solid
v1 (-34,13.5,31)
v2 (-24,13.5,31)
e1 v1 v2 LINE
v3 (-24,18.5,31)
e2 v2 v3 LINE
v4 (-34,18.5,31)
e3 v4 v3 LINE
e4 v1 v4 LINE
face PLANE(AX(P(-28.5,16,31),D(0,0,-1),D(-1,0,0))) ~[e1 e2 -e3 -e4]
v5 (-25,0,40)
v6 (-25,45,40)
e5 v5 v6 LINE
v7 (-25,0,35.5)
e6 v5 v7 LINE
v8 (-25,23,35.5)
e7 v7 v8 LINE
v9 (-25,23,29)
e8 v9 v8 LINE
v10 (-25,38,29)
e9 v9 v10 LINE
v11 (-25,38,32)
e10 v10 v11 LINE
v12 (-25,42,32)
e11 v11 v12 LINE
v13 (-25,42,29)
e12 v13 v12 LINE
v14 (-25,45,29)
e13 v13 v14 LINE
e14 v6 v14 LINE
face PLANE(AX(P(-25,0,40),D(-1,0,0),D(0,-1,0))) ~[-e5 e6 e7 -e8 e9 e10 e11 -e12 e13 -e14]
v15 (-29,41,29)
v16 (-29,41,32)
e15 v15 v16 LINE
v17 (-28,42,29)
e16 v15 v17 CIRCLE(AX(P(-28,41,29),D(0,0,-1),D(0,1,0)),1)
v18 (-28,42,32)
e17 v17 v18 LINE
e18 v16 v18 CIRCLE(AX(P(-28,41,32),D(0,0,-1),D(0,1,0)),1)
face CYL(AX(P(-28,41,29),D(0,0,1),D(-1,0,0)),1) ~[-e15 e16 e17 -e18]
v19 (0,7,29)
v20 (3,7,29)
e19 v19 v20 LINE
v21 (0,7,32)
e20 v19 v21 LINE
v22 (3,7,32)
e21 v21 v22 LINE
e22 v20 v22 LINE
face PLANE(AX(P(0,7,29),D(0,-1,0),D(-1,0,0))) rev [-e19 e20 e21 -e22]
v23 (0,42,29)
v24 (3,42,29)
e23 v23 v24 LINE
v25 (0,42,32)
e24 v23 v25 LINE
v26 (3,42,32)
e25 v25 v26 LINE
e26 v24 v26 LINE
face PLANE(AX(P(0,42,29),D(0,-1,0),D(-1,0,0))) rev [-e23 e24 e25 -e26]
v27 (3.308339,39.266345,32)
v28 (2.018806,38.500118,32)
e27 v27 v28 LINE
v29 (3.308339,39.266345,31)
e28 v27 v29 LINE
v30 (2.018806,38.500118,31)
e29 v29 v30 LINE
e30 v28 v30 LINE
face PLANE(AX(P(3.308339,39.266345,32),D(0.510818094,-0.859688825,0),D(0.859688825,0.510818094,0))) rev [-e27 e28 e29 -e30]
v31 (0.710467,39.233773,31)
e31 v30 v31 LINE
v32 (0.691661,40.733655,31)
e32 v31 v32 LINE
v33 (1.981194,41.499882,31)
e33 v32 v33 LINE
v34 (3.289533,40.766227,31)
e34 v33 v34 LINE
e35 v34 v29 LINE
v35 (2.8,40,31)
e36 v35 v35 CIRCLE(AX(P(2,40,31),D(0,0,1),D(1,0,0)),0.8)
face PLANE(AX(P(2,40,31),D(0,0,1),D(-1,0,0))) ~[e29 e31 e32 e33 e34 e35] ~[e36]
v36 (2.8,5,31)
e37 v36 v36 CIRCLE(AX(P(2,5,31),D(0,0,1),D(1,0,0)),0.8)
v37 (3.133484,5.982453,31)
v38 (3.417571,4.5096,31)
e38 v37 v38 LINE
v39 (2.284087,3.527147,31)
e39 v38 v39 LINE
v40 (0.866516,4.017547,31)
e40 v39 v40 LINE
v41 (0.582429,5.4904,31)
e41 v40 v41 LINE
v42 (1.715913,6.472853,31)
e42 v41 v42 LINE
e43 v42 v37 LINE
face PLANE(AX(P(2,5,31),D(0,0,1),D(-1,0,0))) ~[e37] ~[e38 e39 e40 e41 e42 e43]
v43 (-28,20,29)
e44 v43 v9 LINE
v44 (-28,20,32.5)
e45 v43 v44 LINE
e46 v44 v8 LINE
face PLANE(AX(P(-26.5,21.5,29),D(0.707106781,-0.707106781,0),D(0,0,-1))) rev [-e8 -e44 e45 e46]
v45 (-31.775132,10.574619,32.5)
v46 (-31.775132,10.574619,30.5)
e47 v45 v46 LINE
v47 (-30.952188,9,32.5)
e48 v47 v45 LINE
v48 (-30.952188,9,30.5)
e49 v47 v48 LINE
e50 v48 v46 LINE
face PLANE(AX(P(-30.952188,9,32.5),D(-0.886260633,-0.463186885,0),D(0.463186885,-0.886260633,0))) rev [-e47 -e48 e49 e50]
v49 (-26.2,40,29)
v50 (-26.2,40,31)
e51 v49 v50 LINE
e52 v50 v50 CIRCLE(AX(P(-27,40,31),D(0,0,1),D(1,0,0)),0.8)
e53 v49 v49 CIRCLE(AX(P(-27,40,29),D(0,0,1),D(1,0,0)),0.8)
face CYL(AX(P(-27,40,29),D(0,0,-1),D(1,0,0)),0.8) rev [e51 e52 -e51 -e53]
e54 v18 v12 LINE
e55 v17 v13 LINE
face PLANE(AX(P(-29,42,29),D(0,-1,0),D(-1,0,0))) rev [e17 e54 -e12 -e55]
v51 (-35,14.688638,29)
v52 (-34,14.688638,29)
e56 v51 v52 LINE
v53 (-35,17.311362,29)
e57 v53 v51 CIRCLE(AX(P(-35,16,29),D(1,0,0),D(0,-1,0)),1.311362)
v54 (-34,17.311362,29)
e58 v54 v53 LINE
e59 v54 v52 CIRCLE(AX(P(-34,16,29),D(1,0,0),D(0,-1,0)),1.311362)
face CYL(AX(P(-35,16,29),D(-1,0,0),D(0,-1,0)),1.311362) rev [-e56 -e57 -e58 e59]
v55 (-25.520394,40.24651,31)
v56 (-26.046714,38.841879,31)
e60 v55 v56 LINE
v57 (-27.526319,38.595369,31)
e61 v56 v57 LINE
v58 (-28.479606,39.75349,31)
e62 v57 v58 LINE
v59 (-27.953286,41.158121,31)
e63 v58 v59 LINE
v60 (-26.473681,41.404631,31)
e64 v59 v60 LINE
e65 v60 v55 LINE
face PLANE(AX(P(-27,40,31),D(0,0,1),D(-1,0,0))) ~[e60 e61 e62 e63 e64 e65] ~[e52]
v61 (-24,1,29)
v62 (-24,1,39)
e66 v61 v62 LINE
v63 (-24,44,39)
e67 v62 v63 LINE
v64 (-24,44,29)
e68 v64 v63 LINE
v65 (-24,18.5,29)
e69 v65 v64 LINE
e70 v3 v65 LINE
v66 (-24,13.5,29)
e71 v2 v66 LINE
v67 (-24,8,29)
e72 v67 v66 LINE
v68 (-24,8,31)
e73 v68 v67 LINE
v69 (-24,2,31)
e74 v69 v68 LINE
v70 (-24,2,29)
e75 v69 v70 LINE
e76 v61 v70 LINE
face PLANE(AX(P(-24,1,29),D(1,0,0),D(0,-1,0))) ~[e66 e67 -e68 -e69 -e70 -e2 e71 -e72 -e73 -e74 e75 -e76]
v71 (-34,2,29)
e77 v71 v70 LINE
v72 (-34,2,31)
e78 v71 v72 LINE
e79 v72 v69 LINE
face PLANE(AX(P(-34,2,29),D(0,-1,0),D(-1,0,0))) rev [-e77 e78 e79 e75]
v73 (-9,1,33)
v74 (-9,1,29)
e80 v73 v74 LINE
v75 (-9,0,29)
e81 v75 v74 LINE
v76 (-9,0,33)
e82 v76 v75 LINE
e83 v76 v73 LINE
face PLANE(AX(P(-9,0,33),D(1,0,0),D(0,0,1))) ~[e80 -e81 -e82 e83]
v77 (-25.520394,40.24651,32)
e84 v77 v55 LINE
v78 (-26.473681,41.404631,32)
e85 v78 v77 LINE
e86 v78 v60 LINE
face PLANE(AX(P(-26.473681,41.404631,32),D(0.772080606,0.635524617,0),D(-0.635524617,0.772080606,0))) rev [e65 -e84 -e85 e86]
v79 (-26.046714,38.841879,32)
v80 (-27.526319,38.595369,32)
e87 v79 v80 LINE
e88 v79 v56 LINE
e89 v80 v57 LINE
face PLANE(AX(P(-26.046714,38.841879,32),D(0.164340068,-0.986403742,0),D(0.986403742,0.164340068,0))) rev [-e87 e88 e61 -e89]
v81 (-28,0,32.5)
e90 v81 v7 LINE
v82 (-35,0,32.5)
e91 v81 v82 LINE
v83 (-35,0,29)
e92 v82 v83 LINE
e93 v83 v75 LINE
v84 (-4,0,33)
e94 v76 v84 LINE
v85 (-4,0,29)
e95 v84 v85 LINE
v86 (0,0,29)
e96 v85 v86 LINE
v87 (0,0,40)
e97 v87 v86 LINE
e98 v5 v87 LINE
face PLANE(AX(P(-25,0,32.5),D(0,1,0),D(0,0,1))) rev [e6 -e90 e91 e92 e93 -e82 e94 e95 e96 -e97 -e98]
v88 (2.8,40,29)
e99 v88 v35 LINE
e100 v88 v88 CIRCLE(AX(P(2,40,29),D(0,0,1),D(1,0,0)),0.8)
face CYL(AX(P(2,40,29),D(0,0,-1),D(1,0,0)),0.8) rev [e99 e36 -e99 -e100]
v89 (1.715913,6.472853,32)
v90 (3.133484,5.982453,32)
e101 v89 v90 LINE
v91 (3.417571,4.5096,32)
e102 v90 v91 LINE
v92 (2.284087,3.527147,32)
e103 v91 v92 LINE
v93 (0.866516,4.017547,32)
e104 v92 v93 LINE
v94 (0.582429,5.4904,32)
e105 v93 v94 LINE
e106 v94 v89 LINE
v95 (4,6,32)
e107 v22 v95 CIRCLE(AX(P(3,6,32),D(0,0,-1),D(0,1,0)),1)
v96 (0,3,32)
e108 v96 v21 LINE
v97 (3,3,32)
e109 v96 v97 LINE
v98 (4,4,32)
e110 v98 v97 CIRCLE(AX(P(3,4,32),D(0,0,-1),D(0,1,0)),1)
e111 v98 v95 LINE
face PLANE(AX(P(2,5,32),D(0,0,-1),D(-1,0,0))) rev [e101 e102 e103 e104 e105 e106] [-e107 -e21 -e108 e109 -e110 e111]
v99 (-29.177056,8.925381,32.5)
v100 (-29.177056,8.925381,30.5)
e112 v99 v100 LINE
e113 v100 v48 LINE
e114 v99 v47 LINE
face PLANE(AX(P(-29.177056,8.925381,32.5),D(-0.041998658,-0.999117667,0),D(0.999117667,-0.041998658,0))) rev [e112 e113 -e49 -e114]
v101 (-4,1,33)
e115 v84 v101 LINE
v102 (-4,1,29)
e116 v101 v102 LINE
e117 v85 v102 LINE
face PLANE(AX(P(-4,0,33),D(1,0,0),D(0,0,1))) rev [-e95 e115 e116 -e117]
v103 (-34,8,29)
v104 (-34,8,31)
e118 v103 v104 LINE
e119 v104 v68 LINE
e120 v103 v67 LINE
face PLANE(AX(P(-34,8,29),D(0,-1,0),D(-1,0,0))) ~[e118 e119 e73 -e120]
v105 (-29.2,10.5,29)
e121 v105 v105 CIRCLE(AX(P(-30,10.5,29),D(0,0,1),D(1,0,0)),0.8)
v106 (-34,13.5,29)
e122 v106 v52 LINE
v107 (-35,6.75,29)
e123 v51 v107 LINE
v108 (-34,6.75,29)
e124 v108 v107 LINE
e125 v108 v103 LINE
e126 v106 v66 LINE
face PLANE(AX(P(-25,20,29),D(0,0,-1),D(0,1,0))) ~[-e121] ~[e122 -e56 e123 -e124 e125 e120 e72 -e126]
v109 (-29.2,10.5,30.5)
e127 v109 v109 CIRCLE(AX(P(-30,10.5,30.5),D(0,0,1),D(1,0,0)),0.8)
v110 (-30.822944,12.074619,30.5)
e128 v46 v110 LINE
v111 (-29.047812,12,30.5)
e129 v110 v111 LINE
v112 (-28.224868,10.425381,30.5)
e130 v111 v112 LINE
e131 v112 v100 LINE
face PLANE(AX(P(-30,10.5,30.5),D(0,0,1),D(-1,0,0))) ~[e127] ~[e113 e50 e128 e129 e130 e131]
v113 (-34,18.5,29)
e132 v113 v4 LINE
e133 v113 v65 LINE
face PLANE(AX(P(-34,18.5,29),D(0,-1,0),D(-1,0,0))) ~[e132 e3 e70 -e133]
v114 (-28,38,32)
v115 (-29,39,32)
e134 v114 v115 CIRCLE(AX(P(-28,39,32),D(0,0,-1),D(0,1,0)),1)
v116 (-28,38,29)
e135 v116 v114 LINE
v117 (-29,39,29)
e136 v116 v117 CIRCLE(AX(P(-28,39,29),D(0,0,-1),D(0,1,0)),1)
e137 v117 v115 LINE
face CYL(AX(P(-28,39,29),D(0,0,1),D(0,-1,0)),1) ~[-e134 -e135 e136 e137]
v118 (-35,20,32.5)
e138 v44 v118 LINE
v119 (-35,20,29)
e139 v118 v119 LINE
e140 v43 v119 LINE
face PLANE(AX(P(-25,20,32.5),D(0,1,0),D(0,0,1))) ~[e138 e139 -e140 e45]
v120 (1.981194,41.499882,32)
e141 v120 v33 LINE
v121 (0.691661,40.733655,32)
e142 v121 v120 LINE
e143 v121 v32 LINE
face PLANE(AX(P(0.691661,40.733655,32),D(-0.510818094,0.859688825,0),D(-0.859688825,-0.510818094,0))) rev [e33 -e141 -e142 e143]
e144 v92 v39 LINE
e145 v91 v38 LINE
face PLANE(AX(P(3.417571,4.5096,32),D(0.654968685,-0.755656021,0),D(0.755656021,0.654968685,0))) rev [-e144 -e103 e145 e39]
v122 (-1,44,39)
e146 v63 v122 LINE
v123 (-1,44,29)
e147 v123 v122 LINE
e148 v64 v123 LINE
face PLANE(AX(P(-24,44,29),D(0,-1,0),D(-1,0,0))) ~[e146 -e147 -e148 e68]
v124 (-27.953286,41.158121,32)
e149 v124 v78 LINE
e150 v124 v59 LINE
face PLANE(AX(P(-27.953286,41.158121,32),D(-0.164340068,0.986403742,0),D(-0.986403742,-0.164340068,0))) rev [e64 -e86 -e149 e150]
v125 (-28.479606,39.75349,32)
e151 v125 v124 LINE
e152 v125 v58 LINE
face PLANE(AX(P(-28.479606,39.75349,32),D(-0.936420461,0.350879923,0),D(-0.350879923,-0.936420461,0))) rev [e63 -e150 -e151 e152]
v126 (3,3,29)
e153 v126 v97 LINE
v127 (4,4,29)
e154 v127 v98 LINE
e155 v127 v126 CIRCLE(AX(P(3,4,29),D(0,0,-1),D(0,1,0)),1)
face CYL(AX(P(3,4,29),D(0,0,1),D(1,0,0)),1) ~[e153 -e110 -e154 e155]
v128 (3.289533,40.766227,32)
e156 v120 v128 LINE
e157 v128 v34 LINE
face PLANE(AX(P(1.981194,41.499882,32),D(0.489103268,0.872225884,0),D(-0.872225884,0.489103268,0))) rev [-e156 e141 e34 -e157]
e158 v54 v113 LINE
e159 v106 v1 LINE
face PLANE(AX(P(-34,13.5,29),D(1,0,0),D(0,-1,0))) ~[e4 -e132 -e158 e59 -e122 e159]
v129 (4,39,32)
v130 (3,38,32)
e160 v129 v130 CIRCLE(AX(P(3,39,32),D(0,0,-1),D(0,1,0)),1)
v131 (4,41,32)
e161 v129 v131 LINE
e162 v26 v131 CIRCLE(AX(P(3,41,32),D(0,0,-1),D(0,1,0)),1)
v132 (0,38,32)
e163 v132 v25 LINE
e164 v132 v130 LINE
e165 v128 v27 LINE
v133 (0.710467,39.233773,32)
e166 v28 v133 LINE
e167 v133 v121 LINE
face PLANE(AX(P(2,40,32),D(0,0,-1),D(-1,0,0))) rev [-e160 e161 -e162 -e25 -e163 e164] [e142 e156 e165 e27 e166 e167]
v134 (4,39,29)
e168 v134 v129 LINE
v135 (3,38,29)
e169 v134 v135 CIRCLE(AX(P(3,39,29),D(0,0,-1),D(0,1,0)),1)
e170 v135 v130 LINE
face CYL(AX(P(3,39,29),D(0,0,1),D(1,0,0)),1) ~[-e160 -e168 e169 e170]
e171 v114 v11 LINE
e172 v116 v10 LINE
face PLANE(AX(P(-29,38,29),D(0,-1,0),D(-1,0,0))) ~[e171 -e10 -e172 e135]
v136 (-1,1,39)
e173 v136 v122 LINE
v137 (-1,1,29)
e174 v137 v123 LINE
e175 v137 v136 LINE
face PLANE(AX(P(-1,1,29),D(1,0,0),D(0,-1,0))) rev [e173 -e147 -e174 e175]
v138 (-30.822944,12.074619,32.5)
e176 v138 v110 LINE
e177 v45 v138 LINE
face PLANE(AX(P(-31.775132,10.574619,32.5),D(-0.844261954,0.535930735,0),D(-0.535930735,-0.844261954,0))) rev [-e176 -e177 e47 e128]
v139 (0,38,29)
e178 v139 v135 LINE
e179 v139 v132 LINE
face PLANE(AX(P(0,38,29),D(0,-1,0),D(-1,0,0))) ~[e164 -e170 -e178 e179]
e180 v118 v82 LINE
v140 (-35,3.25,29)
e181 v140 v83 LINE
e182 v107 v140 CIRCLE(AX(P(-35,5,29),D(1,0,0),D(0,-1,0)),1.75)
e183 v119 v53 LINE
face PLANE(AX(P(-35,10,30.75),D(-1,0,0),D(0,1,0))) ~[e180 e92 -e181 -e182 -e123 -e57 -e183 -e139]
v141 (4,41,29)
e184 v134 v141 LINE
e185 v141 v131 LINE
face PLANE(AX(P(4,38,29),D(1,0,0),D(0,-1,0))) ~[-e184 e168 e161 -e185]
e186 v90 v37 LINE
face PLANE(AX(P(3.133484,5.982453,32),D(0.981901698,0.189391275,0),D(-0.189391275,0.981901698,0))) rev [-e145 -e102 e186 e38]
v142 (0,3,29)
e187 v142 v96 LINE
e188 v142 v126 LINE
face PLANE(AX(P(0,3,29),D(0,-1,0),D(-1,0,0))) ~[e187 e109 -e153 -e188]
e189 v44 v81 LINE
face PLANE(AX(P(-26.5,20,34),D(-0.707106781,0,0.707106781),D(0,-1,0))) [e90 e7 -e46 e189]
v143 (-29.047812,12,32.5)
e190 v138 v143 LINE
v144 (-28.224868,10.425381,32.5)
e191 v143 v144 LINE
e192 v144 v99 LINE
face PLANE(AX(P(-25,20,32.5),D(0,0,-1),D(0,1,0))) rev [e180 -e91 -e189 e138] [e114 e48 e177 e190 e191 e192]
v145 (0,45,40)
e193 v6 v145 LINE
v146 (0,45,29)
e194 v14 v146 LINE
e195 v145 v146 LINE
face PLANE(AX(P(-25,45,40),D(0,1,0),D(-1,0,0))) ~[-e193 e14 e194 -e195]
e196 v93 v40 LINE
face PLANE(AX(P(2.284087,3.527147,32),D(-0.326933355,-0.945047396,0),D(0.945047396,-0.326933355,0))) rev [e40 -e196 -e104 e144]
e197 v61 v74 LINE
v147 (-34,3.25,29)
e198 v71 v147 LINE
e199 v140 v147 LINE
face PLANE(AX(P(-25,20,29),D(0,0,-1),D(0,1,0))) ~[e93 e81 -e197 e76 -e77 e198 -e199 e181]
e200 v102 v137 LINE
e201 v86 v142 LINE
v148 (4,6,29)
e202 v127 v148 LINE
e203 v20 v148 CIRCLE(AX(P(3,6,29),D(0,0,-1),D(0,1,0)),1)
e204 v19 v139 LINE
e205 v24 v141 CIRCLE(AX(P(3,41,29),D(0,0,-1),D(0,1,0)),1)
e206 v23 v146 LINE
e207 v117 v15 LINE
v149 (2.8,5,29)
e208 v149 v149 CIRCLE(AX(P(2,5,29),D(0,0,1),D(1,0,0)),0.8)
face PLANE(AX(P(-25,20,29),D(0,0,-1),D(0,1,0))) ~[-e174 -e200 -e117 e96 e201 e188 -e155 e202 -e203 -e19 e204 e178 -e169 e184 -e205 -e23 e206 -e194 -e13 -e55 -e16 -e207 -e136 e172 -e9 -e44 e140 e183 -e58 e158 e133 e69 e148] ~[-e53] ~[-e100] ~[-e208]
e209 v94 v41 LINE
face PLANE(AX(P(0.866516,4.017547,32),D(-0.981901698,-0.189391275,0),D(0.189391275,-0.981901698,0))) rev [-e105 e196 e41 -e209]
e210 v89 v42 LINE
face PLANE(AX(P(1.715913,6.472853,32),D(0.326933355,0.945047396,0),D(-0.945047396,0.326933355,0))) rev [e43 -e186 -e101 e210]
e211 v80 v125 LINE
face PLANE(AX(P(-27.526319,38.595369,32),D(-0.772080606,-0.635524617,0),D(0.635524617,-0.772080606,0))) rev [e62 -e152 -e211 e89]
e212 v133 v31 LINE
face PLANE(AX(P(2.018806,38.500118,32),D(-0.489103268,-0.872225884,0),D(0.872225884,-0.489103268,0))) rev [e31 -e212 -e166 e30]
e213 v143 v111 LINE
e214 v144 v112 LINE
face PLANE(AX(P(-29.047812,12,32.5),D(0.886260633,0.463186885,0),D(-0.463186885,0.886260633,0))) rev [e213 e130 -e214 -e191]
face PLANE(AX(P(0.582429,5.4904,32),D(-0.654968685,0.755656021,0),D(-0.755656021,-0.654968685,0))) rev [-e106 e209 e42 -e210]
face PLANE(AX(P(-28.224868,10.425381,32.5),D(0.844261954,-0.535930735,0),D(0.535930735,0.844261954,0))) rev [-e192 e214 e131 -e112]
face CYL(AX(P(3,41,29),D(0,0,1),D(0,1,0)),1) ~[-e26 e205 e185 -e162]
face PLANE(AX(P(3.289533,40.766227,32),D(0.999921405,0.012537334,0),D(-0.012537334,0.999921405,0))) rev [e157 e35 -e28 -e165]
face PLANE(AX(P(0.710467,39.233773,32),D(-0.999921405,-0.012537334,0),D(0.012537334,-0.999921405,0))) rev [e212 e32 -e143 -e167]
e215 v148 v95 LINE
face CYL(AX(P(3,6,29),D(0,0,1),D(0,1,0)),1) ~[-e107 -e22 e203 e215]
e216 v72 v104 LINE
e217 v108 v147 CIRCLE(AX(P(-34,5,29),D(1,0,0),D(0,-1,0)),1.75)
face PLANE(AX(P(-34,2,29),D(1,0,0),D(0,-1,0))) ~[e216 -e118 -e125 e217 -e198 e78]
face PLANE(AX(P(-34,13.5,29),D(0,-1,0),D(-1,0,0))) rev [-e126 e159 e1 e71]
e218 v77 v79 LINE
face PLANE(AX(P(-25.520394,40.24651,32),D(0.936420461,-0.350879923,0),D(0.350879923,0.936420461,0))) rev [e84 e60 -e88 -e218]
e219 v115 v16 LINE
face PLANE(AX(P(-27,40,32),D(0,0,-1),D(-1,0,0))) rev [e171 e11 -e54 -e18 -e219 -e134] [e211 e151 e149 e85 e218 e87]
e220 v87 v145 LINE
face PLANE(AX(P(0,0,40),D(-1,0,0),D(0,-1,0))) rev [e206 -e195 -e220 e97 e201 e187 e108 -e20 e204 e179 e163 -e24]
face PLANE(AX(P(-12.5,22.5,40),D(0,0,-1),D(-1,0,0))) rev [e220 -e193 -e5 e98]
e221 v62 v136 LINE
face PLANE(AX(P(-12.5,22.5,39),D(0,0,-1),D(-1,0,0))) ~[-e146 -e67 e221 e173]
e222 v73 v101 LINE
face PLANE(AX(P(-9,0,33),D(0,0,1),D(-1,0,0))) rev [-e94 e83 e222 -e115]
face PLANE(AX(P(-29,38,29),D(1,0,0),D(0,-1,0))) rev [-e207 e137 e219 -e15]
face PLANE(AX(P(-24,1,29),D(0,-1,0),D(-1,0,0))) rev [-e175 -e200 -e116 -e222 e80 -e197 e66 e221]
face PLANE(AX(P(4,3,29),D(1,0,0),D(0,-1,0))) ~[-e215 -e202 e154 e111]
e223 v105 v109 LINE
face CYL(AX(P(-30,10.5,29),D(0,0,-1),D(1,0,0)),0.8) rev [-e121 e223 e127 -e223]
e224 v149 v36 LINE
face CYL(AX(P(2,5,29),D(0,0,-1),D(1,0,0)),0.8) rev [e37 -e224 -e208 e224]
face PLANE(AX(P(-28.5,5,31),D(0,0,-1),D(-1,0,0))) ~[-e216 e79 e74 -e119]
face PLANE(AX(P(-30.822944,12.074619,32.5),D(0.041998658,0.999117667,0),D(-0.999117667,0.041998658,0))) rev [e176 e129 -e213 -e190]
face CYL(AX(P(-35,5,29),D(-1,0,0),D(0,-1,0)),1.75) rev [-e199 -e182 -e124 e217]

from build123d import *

# Parameters (mm, degrees)
SKETCH_W        = 25
SKETCH_H        = 45
PAD_DEPTH       = 11
SKETCH001_W     = 20
SKETCH001_H     = 3.5
PAD001_DEPTH    = 10
SKETCH002_R     = 1.75
SKETCH002_R_2   = 1.311362
POCKET_DEPTH    = 12
SKETCH003_W     = 11
SKETCH003_H     = 5
SKETCH003_H_2   = 6
POCKET001_DEPTH = 2
SKETCH005_W     = 23
SKETCH005_H     = 43
POCKET002_DEPTH = 10
CHAMFER_SIZE    = 3
CHAMFER001_SIZE = 3
SKETCH006_W     = 5
SKETCH006_H     = 4
POCKET003_DEPTH = 1
SKETCH007_R     = 0.8
POCKET004_DEPTH = 5
POCKET005_DEPTH = 2
SKETCH009_W     = 4
SKETCH009_H     = 4
PAD002_DEPTH    = 3
SKETCH010_R     = 0.8
POCKET006_DEPTH = 5
POCKET007_DEPTH = 1
SKETCH012_R     = 0.8
POCKET008_DEPTH = 5
POCKET009_DEPTH = 1
SKETCH014_R     = 0.8
POCKET010_DEPTH = 5
POCKET011_DEPTH = 1
FILLET_R        = 1
FILLET001_R     = 1
FILLET002_R     = 1
FILLET003_R     = 1
FILLET004_R     = 1
FILLET005_R     = 1


with BuildPart() as pad:
    # Sketch → Pad (new body)
    with BuildSketch(Plane.XY):
        with Locations((-12.5, 22.5)):
            Rectangle(SKETCH_W, SKETCH_H)
    extrude(amount=PAD_DEPTH)


with BuildPart() as pad001:
    # Pad001 base: copy of Pad
    add(pad.part)

    # Sketch001 (on Face2 of Pad) → Pad001 (new body)
    with BuildSketch(Plane(origin=(-25, 0, 0), x_dir=(0, -1, 0), z_dir=(-1, 0, 0))):
        with Locations((-10, 9.25)):
            Rectangle(SKETCH001_W, SKETCH001_H)
    extrude(amount=PAD001_DEPTH)


with BuildPart() as fillet005:
    # Fusion base: copy of Pad
    add(pad.part)

    # Fusion: union Pad001
    add(pad001.part)

    # Sketch002 (on Face1 of Fusion) → Pocket (cut)
    with BuildSketch(Plane(origin=(-35, 0, 0), x_dir=(0, -1, 0), z_dir=(-1, 0, 0))):
        with Locations((-5, 11)):
            Circle(SKETCH002_R)
        with Locations((-16, 11)):
            Circle(SKETCH002_R_2)
    extrude(amount=-POCKET_DEPTH, mode=Mode.SUBTRACT)

    # Sketch003 (on Face6 of Pocket) → Pocket001 (cut)
    with BuildSketch(Plane.XY.offset(11)):
        with Locations((-28.5, 16)):
            Rectangle(SKETCH003_W, SKETCH003_H)
        with Locations((-28.5, 5)):
            Rectangle(SKETCH003_W, SKETCH003_H_2)
    extrude(amount=-POCKET001_DEPTH, mode=Mode.SUBTRACT)

    # Sketch005 (on Face10 of Pocket001) → Pocket002 (cut)
    with BuildSketch(Plane.XY.offset(11)):
        with Locations((-12.5, 22.5)):
            Rectangle(SKETCH005_W, SKETCH005_H)
    extrude(amount=-POCKET002_DEPTH, mode=Mode.SUBTRACT)

    # Chamfer
    chamfer_edges = [fillet005.edges().sort_by_distance(p)[0] for p in [
        (-25, 10, 7.5),
    ]]
    chamfer(chamfer_edges, length=CHAMFER_SIZE)

    # Chamfer001
    chamfer001_edges = [fillet005.edges().sort_by_distance(p)[0] for p in [
        (-25, 20, 9.25),
        (-25, 20, 6),
    ]]
    chamfer(chamfer001_edges, length=CHAMFER001_SIZE)

    # Sketch006 (on Face12 of Chamfer001) → Pocket003 (cut)
    with BuildSketch(Plane.XZ):
        with Locations((-6.5, 9)):
            Rectangle(SKETCH006_W, SKETCH006_H)
    extrude(amount=-POCKET003_DEPTH, mode=Mode.SUBTRACT)

    # Sketch007 (on Face16 of Pocket003) → Pocket004 (cut)
    with BuildSketch(Plane.XY.offset(11)):
        with Locations((-30, 10.5)):
            Circle(SKETCH007_R)
    extrude(amount=-POCKET004_DEPTH, mode=Mode.SUBTRACT)

    # Sketch008 (on Face3 of Pocket004) → Pocket005 (cut)
    with BuildSketch(Plane(origin=(0, 0, 7.5), x_dir=(1, 0, 0), z_dir=(0, 0, -1))):
        Polygon((-29.047812, -12), (-28.224868, -10.425381), (-29.177056, -8.925381), (-30.952188, -9), (-31.775132, -10.574619), (-30.822944, -12.074619), align=None)
    extrude(amount=-POCKET005_DEPTH, mode=Mode.SUBTRACT)

    # Sketch009 (on Face15 of Pocket005) → Pad002 (new body)
    with BuildSketch(Plane.XY.offset(11)):
        with Locations((-27, 40)):
            Rectangle(SKETCH009_W, SKETCH009_H)
        with Locations((2, 40)):
            Rectangle(SKETCH009_W, SKETCH009_H)
        with Locations((2, 5)):
            Rectangle(SKETCH009_W, SKETCH009_H)
    extrude(amount=-PAD002_DEPTH)

    # Sketch010 (on Face33 of Pad002) → Pocket006 (cut)
    with BuildSketch(Plane.XY.offset(11)):
        with Locations((-27, 40)):
            Circle(SKETCH010_R)
    extrude(amount=-POCKET006_DEPTH, mode=Mode.SUBTRACT)

    # Sketch011 (on Face20 of Pocket006) → Pocket007 (cut)
    with BuildSketch(Plane(origin=(0, 0, 8), x_dir=(1, 0, 0), z_dir=(0, 0, -1))):
        Polygon((-25.520394, -40.24651), (-26.046714, -38.841879), (-27.526319, -38.595369), (-28.479606, -39.75349), (-27.953286, -41.158121), (-26.473681, -41.404631), align=None)
    extrude(amount=-POCKET007_DEPTH, mode=Mode.SUBTRACT)

    # Sketch012 (on Face37 of Pocket007) → Pocket008 (cut)
    with BuildSketch(Plane.XY.offset(11)):
        with Locations((2, 40)):
            Circle(SKETCH012_R)
    extrude(amount=-POCKET008_DEPTH, mode=Mode.SUBTRACT)

    # Sketch013 (on Face59 of Pocket008) → Pocket009 (cut)
    with BuildSketch(Plane(origin=(0, 0, 8), x_dir=(1, 0, 0), z_dir=(0, 0, -1))):
        Polygon((3.289533, -40.766227), (3.308339, -39.266345), (2.018806, -38.500118), (0.710467, -39.233773), (0.691661, -40.733655), (1.981194, -41.499882), align=None)
    extrude(amount=-POCKET009_DEPTH, mode=Mode.SUBTRACT)

    # Sketch014 (on Face40 of Pocket009) → Pocket010 (cut)
    with BuildSketch(Plane.XY.offset(11)):
        with Locations((2, 5)):
            Circle(SKETCH014_R)
    extrude(amount=-POCKET010_DEPTH, mode=Mode.SUBTRACT)

    # Sketch015 (on Face56 of Pocket010) → Pocket011 (cut)
    with BuildSketch(Plane(origin=(0, 0, 8), x_dir=(1, 0, 0), z_dir=(0, 0, -1))):
        Polygon((3.133484, -5.982453), (3.417571, -4.5096), (2.284087, -3.527147), (0.866516, -4.017547), (0.582429, -5.4904), (1.715913, -6.472853), align=None)
    extrude(amount=-POCKET011_DEPTH, mode=Mode.SUBTRACT)

    # Fillet
    fillet_edges = [fillet005.edges().sort_by_distance(p)[0] for p in [
        (-29, 38, 9.5),
    ]]
    fillet(fillet_edges, radius=FILLET_R)

    # Fillet001
    fillet001_edges = [fillet005.edges().sort_by_distance(p)[0] for p in [
        (-29, 42, 9.5),
    ]]
    fillet(fillet001_edges, radius=FILLET001_R)

    # Fillet002
    fillet002_edges = [fillet005.edges().sort_by_distance(p)[0] for p in [
        (4, 42, 9.5),
    ]]
    fillet(fillet002_edges, radius=FILLET002_R)

    # Fillet003
    fillet003_edges = [fillet005.edges().sort_by_distance(p)[0] for p in [
        (4, 38, 9.5),
    ]]
    fillet(fillet003_edges, radius=FILLET003_R)

    # Fillet004
    fillet004_edges = [fillet005.edges().sort_by_distance(p)[0] for p in [
        (4, 7, 9.5),
    ]]
    fillet(fillet004_edges, radius=FILLET004_R)

    # Fillet005
    fillet005_edges = [fillet005.edges().sort_by_distance(p)[0] for p in [
        (4, 3, 9.5),
    ]]
    fillet(fillet005_edges, radius=FILLET005_R)


with BuildPart() as part_mirroring:
    # Part__Mirroring: instance of Fillet005
    add(fillet005.part.mirror(Plane(origin=(0, 0, 20), x_dir=(0, 1, 0), z_dir=(0, 0, 1))))


solid = part_mirroring.part
